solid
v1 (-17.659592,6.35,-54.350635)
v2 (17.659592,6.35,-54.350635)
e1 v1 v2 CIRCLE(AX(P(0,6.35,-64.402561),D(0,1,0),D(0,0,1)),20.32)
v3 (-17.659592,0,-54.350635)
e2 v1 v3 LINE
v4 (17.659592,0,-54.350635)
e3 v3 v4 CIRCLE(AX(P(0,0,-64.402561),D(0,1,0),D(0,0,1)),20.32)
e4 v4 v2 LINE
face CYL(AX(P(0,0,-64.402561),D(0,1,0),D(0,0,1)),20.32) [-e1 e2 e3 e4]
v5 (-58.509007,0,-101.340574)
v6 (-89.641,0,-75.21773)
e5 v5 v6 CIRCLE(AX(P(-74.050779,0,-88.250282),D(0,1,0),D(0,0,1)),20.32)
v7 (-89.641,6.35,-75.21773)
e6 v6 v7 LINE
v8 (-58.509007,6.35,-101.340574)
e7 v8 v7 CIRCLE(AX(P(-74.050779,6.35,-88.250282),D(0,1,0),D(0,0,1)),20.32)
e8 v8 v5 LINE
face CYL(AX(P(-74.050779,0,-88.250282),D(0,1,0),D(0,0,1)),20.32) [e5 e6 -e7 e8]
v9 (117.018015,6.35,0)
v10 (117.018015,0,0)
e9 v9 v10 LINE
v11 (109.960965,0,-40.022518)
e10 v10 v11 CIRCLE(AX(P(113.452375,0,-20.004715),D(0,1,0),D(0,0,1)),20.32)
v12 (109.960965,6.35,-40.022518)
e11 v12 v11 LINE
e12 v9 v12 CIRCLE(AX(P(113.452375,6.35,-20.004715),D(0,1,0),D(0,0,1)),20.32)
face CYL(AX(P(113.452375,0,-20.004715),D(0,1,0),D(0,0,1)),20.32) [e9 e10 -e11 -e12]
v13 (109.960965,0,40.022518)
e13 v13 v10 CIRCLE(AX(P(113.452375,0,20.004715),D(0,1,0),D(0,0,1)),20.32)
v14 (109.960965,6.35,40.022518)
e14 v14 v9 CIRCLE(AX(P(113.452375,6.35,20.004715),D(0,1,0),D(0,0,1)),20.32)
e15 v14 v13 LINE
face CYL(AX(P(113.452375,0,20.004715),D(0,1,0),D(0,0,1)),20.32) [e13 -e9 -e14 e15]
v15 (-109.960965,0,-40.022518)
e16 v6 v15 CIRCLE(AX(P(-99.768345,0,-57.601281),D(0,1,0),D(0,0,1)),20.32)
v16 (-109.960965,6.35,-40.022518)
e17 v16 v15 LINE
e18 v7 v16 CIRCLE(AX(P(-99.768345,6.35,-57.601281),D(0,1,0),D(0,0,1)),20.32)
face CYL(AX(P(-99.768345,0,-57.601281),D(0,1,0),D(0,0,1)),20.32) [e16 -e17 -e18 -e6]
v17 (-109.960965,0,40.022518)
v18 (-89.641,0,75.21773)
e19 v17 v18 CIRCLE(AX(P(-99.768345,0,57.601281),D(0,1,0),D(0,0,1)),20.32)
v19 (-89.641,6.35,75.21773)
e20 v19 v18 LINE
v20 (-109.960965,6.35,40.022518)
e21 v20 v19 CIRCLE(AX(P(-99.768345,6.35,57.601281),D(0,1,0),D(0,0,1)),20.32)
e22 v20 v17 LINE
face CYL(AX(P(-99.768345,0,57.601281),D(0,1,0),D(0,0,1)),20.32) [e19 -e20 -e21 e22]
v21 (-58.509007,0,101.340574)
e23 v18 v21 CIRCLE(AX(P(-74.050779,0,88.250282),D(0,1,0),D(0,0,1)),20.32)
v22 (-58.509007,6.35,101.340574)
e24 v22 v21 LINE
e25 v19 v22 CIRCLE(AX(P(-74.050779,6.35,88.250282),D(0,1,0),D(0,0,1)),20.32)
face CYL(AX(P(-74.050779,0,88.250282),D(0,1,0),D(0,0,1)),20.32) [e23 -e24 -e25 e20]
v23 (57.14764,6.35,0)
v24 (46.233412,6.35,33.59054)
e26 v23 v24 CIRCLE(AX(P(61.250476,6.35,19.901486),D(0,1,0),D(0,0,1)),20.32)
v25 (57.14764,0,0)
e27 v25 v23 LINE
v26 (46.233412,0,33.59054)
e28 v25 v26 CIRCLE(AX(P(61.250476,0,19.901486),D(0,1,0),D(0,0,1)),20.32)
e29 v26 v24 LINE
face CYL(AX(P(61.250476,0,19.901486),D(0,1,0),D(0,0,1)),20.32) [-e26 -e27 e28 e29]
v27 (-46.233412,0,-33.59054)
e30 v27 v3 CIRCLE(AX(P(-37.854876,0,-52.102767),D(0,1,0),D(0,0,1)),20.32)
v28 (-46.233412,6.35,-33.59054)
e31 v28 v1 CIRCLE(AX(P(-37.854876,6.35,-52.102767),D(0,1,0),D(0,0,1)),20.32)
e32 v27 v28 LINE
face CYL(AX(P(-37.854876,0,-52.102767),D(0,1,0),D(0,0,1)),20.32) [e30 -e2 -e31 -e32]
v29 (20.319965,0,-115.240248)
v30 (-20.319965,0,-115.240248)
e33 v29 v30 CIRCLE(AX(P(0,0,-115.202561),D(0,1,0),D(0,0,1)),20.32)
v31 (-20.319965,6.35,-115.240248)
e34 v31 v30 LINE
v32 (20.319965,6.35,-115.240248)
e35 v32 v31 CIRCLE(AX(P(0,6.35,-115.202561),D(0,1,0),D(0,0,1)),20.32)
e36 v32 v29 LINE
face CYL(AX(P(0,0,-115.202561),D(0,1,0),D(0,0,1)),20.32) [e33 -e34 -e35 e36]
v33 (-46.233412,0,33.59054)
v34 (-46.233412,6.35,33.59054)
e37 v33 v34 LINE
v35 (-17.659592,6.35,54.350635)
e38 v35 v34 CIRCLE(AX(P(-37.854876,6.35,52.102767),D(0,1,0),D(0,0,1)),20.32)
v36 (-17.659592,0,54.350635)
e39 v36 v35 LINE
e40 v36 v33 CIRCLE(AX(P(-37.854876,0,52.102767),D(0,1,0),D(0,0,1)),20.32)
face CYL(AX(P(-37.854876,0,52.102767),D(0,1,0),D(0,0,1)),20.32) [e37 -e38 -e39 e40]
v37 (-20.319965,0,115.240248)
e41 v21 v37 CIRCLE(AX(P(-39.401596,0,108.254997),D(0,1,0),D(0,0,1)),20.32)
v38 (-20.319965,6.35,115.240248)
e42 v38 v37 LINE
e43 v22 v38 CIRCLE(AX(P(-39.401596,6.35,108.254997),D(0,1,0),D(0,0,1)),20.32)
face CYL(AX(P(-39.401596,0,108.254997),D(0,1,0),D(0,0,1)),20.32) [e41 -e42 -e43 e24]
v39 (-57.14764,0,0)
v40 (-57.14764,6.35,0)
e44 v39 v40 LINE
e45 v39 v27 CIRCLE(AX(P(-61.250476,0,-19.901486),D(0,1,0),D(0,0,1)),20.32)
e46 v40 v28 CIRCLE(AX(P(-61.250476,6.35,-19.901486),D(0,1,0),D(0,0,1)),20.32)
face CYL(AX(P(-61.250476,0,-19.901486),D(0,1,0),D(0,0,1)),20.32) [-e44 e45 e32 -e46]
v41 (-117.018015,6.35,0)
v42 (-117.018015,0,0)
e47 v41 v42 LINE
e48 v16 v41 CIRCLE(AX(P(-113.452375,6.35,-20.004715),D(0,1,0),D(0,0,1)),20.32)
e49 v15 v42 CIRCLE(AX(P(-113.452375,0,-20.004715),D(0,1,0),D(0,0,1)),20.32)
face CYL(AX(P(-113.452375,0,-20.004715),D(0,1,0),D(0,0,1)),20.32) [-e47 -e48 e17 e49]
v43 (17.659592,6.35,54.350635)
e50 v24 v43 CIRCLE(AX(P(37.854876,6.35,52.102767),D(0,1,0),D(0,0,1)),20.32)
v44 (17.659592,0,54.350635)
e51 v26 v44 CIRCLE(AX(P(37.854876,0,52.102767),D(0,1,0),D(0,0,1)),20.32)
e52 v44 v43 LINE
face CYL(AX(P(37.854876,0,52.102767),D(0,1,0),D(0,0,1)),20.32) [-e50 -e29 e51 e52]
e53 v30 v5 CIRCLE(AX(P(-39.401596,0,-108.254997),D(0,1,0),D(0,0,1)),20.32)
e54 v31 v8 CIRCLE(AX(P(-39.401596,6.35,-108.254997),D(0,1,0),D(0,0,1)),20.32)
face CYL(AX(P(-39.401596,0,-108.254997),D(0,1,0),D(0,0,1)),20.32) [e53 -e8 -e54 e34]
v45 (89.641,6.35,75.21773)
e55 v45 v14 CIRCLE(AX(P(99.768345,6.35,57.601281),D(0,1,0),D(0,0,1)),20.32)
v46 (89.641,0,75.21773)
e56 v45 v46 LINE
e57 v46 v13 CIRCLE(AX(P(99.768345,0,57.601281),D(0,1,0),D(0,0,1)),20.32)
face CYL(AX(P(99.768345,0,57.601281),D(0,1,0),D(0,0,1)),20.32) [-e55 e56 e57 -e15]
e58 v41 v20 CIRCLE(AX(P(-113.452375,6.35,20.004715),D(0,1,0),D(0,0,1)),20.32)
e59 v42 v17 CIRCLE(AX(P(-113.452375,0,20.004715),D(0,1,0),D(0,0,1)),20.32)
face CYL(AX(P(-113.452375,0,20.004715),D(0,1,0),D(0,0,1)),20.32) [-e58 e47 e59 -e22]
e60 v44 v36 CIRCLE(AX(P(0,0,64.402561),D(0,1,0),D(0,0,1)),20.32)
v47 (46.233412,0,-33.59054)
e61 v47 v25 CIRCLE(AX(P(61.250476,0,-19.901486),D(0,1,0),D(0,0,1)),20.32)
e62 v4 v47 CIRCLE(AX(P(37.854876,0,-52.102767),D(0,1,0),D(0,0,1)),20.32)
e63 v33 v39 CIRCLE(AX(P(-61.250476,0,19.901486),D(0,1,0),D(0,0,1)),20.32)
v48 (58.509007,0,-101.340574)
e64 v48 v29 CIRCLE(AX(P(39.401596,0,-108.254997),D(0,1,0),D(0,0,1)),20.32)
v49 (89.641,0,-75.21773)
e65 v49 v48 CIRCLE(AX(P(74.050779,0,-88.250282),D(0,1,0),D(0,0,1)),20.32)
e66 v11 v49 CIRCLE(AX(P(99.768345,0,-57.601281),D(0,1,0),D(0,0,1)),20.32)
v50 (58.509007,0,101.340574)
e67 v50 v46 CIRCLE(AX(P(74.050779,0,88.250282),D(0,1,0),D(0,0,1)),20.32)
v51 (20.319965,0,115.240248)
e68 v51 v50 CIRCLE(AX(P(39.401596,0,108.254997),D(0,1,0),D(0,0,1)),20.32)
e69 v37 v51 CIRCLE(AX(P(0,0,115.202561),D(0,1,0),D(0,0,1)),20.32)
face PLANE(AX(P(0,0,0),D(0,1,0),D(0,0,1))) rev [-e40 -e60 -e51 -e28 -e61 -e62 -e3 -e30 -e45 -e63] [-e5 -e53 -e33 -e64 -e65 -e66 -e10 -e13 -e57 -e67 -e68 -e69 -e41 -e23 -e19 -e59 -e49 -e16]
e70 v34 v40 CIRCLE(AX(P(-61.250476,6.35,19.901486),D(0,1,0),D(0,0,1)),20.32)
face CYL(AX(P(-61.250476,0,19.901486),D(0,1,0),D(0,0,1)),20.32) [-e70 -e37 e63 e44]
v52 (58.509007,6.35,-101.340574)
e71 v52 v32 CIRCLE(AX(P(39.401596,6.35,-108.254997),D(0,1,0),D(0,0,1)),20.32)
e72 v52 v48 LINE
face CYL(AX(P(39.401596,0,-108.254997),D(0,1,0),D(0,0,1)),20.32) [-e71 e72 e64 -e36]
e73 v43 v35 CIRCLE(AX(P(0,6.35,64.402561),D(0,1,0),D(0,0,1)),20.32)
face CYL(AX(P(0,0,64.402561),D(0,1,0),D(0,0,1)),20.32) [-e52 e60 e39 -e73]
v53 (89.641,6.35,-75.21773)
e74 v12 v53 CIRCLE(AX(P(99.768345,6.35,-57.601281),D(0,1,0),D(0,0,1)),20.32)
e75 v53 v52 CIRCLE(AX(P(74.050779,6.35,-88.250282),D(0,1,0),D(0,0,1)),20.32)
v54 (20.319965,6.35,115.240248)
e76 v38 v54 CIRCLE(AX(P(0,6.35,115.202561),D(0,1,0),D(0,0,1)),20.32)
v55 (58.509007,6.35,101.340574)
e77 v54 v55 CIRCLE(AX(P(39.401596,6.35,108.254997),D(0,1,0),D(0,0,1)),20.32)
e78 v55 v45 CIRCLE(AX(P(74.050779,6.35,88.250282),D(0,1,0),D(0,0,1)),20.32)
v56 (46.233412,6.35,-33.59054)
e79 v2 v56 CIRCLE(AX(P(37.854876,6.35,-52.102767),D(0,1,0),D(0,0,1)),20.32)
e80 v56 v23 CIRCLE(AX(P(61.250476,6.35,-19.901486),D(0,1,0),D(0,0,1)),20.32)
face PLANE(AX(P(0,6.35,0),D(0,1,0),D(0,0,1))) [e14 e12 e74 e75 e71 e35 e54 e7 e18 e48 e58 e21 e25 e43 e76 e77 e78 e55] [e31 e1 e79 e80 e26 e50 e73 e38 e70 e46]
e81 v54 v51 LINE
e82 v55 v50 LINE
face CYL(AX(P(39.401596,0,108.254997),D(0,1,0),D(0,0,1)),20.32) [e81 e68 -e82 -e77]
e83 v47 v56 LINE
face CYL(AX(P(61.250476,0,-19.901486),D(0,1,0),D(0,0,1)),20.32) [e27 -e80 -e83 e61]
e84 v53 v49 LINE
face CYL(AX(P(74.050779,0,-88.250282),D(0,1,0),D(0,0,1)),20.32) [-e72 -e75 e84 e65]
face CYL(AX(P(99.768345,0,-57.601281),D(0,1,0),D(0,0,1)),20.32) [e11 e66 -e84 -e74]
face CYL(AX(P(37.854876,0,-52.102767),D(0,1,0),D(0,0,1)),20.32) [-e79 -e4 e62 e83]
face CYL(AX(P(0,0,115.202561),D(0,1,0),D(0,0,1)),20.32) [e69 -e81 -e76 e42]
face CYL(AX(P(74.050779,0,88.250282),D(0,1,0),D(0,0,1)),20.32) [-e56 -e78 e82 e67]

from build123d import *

# Parameters (mm, degrees)
SKETCH1_R           = 115.202561211
SKETCH1_R_2         = 64.402561211
BOSS_EXTRUDE1_DEPTH = 6.35
SKETCH2_R           = 20.32
BOSS_EXTRUDE2_DEPTH = 6.35


with BuildPart() as part:
    # Sketch1 → Boss-Extrude1 (new body)
    with BuildSketch(Plane(origin=(0, 0, 0), x_dir=(1, 0, 0), z_dir=(0, 1, 0))):
        Circle(SKETCH1_R)
        Circle(SKETCH1_R_2, mode=Mode.SUBTRACT)
    extrude(amount=BOSS_EXTRUDE1_DEPTH)

    # Sketch2 → Boss-Extrude2 (add)
    with BuildSketch(Plane(origin=(0, 6.35, 0), x_dir=(1, 0, 0), z_dir=(0, 1, 0))):
        with Locations((0, 64.402561211)):
            Circle(SKETCH2_R)
        with Locations((0, 115.202561211)):
            Circle(SKETCH2_R)
        with Locations((37.85487569, 52.102766501)):
            Circle(SKETCH2_R)
        with Locations((61.250475506, 19.901485895)):
            Circle(SKETCH2_R)
        with Locations((61.250475506, -19.901485895)):
            Circle(SKETCH2_R)
        with Locations((37.85487569, -52.102766501)):
            Circle(SKETCH2_R)
        with Locations((0, -64.402561211)):
            Circle(SKETCH2_R)
        with Locations((-37.85487569, -52.102766501)):
            Circle(SKETCH2_R)
        with Locations((-61.250475506, -19.901485895)):
            Circle(SKETCH2_R)
        with Locations((-61.250475506, 19.901485895)):
            Circle(SKETCH2_R)
        with Locations((-37.85487569, 52.102766501)):
            Circle(SKETCH2_R)
        with Locations((39.401596497, 108.254996665)):
            Circle(SKETCH2_R)
        with Locations((74.05077895, 88.250281849)):
            Circle(SKETCH2_R)
        with Locations((99.768344589, 57.601280605)):
            Circle(SKETCH2_R)
        with Locations((113.452375447, 20.004714817)):
            Circle(SKETCH2_R)
        with Locations((113.452375447, -20.004714817)):
            Circle(SKETCH2_R)
        with Locations((99.76834459, -57.601280605)):
            Circle(SKETCH2_R)
        with Locations((74.05077895, -88.250281849)):
            Circle(SKETCH2_R)
        with Locations((39.401596497, -108.254996665)):
            Circle(SKETCH2_R)
        with Locations((0, -115.202561211)):
            Circle(SKETCH2_R)
        with Locations((-39.401596497, -108.254996665)):
            Circle(SKETCH2_R)
        with Locations((-74.05077895, -88.250281849)):
            Circle(SKETCH2_R)
        with Locations((-99.768344589, -57.601280605)):
            Circle(SKETCH2_R)
        with Locations((-113.452375447, -20.004714817)):
            Circle(SKETCH2_R)
        with Locations((-113.452375447, 20.004714817)):
            Circle(SKETCH2_R)
        with Locations((-99.768344589, 57.601280605)):
            Circle(SKETCH2_R)
        with Locations((-74.05077895, 88.250281849)):
            Circle(SKETCH2_R)
        with Locations((-39.401596497, 108.254996665)):
            Circle(SKETCH2_R)
    extrude(amount=-BOSS_EXTRUDE2_DEPTH)


solid = part.part
